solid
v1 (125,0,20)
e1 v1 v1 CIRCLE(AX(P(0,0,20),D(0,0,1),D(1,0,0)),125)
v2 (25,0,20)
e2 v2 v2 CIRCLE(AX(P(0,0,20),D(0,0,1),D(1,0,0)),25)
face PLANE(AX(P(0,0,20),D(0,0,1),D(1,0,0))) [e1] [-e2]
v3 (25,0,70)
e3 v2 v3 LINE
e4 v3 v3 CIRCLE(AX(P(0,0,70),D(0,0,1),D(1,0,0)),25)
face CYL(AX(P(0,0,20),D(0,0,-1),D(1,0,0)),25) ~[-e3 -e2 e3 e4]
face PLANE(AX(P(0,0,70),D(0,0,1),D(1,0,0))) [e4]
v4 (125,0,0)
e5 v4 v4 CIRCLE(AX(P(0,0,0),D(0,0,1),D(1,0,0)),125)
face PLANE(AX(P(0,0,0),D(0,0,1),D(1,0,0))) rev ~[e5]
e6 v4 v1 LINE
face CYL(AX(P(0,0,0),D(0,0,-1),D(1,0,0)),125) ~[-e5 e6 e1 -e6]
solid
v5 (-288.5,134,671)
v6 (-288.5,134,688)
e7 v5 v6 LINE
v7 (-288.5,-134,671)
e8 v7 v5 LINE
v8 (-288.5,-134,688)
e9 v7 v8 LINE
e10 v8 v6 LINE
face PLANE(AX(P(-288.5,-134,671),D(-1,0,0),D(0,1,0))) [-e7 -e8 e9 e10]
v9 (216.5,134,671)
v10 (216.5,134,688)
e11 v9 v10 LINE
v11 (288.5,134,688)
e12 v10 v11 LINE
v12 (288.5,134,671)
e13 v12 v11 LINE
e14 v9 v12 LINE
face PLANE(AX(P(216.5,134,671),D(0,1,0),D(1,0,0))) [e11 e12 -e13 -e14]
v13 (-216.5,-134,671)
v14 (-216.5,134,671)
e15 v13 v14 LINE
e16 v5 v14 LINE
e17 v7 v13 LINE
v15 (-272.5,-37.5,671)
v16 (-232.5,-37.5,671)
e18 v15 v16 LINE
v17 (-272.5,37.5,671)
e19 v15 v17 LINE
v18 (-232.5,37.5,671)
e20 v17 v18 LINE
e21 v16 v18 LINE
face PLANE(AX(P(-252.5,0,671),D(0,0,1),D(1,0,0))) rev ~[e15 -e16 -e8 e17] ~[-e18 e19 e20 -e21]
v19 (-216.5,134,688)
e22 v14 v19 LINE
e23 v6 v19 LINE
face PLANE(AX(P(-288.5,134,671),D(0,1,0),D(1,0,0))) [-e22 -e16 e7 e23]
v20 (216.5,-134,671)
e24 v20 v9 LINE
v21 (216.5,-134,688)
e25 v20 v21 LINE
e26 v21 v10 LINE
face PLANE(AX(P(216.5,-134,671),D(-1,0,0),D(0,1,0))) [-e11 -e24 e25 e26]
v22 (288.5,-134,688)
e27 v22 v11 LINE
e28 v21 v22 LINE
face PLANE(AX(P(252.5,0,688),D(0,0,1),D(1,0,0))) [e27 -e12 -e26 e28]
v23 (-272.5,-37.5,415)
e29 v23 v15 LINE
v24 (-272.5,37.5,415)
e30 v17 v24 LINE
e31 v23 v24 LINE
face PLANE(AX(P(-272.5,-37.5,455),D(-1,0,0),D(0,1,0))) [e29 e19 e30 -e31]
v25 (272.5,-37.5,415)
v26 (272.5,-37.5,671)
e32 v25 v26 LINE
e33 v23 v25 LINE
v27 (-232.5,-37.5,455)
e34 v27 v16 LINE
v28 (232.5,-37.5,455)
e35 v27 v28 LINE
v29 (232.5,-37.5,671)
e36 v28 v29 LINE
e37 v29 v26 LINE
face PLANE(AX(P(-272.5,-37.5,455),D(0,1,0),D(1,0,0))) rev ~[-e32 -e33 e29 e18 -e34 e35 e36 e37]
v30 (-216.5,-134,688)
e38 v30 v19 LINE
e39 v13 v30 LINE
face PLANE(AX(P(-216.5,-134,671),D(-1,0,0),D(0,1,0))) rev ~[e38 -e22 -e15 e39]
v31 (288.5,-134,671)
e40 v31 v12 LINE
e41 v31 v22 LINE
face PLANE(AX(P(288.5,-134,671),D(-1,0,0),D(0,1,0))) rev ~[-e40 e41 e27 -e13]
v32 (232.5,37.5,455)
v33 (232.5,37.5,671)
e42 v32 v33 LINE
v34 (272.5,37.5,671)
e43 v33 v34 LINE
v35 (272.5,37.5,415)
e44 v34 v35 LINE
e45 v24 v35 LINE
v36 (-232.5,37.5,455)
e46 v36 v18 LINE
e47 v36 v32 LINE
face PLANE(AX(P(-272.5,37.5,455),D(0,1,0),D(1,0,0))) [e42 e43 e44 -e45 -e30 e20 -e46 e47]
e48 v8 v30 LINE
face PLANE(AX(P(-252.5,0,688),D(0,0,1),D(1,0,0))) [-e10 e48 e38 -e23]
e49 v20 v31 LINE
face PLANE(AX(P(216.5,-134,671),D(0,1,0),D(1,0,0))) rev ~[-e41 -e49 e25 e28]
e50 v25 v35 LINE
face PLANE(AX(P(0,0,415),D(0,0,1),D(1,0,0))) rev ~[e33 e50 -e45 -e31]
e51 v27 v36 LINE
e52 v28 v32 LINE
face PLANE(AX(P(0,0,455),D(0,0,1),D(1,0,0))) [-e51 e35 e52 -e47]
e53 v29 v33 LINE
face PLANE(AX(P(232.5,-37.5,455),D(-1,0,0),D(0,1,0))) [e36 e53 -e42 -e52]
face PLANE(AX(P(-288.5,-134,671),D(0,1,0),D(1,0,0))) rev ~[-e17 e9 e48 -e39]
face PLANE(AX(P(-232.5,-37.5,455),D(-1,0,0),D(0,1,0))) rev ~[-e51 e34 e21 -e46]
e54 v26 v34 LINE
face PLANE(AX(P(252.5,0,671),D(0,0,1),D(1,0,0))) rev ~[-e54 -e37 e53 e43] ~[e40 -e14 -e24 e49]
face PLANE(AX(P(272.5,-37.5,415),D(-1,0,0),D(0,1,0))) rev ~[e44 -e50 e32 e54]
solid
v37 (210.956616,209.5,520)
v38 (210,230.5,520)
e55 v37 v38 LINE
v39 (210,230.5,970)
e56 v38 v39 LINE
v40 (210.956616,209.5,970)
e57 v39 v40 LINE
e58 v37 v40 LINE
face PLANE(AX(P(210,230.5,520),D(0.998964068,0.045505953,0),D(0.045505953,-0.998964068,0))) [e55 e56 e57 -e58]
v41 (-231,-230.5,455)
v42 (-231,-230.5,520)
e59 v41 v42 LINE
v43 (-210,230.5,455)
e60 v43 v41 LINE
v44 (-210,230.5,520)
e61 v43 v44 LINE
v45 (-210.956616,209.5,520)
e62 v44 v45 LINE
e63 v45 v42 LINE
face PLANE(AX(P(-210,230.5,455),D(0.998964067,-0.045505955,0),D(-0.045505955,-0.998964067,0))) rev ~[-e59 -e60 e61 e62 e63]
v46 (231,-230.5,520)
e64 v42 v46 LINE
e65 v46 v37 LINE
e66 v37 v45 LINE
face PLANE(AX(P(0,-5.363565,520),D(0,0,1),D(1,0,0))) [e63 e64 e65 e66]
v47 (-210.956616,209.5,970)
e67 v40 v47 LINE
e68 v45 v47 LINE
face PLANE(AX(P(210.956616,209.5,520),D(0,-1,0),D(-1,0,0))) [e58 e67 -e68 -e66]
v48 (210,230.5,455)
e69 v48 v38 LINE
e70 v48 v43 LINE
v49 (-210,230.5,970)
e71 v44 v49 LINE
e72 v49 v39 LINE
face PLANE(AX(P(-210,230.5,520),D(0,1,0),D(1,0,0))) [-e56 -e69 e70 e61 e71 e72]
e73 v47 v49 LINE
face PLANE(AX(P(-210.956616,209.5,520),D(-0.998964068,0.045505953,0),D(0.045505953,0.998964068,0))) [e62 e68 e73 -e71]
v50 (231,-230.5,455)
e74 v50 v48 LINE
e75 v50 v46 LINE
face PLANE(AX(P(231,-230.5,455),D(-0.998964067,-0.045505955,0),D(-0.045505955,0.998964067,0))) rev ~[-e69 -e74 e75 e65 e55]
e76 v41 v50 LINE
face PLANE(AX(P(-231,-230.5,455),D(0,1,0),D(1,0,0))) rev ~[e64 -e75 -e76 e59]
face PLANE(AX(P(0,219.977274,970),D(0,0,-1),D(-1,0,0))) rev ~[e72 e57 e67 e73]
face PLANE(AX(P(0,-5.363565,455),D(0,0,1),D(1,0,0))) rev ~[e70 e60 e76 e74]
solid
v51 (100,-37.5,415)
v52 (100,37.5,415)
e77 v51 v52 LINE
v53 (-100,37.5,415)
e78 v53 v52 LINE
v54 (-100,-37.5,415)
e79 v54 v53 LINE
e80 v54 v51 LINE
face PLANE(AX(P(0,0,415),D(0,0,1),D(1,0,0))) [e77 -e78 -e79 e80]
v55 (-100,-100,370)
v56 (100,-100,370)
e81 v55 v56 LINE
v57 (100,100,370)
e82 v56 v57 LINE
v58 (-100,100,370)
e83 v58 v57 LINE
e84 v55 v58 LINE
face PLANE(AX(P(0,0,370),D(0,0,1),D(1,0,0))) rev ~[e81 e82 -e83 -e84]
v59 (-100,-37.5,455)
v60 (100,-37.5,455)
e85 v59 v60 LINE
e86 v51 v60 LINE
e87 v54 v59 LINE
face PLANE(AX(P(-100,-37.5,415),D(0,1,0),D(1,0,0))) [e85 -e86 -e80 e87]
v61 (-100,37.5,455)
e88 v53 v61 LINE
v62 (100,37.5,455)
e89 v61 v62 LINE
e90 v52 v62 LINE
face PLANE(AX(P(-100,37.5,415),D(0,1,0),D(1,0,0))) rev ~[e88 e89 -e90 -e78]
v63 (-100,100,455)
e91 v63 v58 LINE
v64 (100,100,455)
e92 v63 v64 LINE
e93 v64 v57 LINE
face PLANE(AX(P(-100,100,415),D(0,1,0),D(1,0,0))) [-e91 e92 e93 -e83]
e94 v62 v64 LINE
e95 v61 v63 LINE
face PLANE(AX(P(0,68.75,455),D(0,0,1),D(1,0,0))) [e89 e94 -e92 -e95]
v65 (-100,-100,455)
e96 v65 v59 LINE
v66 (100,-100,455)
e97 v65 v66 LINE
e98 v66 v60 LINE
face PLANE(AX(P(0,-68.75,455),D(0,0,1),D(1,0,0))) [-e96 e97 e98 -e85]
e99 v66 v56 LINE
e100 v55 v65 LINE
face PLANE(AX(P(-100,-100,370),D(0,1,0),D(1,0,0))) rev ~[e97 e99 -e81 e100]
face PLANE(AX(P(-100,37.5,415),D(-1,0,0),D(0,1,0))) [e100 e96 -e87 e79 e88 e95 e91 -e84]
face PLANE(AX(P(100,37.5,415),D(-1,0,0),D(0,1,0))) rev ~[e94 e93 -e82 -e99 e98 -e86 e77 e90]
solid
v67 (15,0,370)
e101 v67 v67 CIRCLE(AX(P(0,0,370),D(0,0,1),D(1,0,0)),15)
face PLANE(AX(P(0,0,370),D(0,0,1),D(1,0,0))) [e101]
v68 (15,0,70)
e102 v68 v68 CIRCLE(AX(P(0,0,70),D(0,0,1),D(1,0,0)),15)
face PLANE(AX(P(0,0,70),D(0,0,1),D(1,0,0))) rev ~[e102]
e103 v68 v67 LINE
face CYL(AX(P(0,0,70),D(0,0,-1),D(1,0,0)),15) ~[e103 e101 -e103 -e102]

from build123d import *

# Parameters (mm, degrees)
SKETCH_R     = 125
PAD_DEPTH    = 20
SKETCH001_R  = 25
PAD001_DEPTH = 50
SKETCH002_R  = 15
PAD002_DEPTH = 300
SKETCH003_W  = 200
SKETCH003_H  = 200
PAD003_DEPTH = 45
SKETCH009_W  = 200
SKETCH009_H  = 62.5
PAD009_DEPTH = 40
SKETCH004_W  = 545
SKETCH004_H  = 75
PAD004_DEPTH = 40
SKETCH005_W  = 40
SKETCH005_H  = 75
PAD005_DEPTH = 216
SKETCH006_W  = 72
SKETCH006_H  = 268
PAD006_DEPTH = 17
PAD007_DEPTH = 65
PAD008_DEPTH = 450


with BuildPart() as body1:
    # Sketch → Pad (new body)
    with BuildSketch(Plane.XY):
        Circle(SKETCH_R)
    extrude(amount=PAD_DEPTH)

    # Sketch001 (on Face3 of Pad) → Pad001 (join)
    with BuildSketch(Plane.XY.offset(20)):
        Circle(SKETCH001_R)
    extrude(amount=PAD001_DEPTH)


with BuildPart() as body2:
    # Sketch002 (on CopyPad) → Pad002 (new body)
    with BuildSketch(Plane.XY.offset(70)):
        Circle(SKETCH002_R)
    extrude(amount=PAD002_DEPTH)


with BuildPart() as body3:
    # Sketch003 (on Face1 of CopyPad002) → Pad003 (new body)
    with BuildSketch(Plane.XY.offset(370)):
        Rectangle(SKETCH003_W, SKETCH003_H)
    extrude(amount=PAD003_DEPTH)

    # Sketch009 (on Face6 of Pad003) → Pad009 (join)
    with BuildSketch(Plane.XY.offset(415)):
        with Locations((0, 68.75)):
            Rectangle(SKETCH009_W, SKETCH009_H)
        with Locations((0, -68.75)):
            Rectangle(SKETCH009_W, SKETCH009_H)
    extrude(amount=PAD009_DEPTH)


with BuildPart() as body4:
    # Sketch004 (on Face1 of CopyPad003) → Pad004 (new body)
    with BuildSketch(Plane.XY.offset(415)):
        Rectangle(SKETCH004_W, SKETCH004_H)
    extrude(amount=PAD004_DEPTH)

    # Sketch005 (on Face6 of Pad004) → Pad005 (join)
    with BuildSketch(Plane.XY.offset(455)):
        with Locations((-252.5, 0)):
            Rectangle(SKETCH005_W, SKETCH005_H)
        with Locations((252.5, 0)):
            Rectangle(SKETCH005_W, SKETCH005_H)
    extrude(amount=PAD005_DEPTH)

    # Sketch006 (on Face5 of Pad005) → Pad006 (join)
    with BuildSketch(Plane.XY.offset(671)):
        with Locations((-252.5, 0)):
            Rectangle(SKETCH006_W, SKETCH006_H)
        with Locations((252.5, 0)):
            Rectangle(SKETCH006_W, SKETCH006_H)
    extrude(amount=PAD006_DEPTH)


with BuildPart() as body5:
    # Sketch007 (on Face1 of CopyPad006) → Pad007 (new body)
    with BuildSketch(Plane.XY.offset(455)):
        Polygon((-210, 230.5), (-231, -230.5), (231, -230.5), (210, 230.5), align=None)
    extrude(amount=PAD007_DEPTH)

    # Sketch008 (on Face6 of Pad007) → Pad008 (join)
    with BuildSketch(Plane.XY.offset(520)):
        Polygon((-210, 230.5), (210, 230.5), (210.956616, 209.5), (-210.956616, 209.5), align=None)
    extrude(amount=PAD008_DEPTH)


solid = Compound([body1.part, body2.part, body3.part, body4.part, body5.part])
